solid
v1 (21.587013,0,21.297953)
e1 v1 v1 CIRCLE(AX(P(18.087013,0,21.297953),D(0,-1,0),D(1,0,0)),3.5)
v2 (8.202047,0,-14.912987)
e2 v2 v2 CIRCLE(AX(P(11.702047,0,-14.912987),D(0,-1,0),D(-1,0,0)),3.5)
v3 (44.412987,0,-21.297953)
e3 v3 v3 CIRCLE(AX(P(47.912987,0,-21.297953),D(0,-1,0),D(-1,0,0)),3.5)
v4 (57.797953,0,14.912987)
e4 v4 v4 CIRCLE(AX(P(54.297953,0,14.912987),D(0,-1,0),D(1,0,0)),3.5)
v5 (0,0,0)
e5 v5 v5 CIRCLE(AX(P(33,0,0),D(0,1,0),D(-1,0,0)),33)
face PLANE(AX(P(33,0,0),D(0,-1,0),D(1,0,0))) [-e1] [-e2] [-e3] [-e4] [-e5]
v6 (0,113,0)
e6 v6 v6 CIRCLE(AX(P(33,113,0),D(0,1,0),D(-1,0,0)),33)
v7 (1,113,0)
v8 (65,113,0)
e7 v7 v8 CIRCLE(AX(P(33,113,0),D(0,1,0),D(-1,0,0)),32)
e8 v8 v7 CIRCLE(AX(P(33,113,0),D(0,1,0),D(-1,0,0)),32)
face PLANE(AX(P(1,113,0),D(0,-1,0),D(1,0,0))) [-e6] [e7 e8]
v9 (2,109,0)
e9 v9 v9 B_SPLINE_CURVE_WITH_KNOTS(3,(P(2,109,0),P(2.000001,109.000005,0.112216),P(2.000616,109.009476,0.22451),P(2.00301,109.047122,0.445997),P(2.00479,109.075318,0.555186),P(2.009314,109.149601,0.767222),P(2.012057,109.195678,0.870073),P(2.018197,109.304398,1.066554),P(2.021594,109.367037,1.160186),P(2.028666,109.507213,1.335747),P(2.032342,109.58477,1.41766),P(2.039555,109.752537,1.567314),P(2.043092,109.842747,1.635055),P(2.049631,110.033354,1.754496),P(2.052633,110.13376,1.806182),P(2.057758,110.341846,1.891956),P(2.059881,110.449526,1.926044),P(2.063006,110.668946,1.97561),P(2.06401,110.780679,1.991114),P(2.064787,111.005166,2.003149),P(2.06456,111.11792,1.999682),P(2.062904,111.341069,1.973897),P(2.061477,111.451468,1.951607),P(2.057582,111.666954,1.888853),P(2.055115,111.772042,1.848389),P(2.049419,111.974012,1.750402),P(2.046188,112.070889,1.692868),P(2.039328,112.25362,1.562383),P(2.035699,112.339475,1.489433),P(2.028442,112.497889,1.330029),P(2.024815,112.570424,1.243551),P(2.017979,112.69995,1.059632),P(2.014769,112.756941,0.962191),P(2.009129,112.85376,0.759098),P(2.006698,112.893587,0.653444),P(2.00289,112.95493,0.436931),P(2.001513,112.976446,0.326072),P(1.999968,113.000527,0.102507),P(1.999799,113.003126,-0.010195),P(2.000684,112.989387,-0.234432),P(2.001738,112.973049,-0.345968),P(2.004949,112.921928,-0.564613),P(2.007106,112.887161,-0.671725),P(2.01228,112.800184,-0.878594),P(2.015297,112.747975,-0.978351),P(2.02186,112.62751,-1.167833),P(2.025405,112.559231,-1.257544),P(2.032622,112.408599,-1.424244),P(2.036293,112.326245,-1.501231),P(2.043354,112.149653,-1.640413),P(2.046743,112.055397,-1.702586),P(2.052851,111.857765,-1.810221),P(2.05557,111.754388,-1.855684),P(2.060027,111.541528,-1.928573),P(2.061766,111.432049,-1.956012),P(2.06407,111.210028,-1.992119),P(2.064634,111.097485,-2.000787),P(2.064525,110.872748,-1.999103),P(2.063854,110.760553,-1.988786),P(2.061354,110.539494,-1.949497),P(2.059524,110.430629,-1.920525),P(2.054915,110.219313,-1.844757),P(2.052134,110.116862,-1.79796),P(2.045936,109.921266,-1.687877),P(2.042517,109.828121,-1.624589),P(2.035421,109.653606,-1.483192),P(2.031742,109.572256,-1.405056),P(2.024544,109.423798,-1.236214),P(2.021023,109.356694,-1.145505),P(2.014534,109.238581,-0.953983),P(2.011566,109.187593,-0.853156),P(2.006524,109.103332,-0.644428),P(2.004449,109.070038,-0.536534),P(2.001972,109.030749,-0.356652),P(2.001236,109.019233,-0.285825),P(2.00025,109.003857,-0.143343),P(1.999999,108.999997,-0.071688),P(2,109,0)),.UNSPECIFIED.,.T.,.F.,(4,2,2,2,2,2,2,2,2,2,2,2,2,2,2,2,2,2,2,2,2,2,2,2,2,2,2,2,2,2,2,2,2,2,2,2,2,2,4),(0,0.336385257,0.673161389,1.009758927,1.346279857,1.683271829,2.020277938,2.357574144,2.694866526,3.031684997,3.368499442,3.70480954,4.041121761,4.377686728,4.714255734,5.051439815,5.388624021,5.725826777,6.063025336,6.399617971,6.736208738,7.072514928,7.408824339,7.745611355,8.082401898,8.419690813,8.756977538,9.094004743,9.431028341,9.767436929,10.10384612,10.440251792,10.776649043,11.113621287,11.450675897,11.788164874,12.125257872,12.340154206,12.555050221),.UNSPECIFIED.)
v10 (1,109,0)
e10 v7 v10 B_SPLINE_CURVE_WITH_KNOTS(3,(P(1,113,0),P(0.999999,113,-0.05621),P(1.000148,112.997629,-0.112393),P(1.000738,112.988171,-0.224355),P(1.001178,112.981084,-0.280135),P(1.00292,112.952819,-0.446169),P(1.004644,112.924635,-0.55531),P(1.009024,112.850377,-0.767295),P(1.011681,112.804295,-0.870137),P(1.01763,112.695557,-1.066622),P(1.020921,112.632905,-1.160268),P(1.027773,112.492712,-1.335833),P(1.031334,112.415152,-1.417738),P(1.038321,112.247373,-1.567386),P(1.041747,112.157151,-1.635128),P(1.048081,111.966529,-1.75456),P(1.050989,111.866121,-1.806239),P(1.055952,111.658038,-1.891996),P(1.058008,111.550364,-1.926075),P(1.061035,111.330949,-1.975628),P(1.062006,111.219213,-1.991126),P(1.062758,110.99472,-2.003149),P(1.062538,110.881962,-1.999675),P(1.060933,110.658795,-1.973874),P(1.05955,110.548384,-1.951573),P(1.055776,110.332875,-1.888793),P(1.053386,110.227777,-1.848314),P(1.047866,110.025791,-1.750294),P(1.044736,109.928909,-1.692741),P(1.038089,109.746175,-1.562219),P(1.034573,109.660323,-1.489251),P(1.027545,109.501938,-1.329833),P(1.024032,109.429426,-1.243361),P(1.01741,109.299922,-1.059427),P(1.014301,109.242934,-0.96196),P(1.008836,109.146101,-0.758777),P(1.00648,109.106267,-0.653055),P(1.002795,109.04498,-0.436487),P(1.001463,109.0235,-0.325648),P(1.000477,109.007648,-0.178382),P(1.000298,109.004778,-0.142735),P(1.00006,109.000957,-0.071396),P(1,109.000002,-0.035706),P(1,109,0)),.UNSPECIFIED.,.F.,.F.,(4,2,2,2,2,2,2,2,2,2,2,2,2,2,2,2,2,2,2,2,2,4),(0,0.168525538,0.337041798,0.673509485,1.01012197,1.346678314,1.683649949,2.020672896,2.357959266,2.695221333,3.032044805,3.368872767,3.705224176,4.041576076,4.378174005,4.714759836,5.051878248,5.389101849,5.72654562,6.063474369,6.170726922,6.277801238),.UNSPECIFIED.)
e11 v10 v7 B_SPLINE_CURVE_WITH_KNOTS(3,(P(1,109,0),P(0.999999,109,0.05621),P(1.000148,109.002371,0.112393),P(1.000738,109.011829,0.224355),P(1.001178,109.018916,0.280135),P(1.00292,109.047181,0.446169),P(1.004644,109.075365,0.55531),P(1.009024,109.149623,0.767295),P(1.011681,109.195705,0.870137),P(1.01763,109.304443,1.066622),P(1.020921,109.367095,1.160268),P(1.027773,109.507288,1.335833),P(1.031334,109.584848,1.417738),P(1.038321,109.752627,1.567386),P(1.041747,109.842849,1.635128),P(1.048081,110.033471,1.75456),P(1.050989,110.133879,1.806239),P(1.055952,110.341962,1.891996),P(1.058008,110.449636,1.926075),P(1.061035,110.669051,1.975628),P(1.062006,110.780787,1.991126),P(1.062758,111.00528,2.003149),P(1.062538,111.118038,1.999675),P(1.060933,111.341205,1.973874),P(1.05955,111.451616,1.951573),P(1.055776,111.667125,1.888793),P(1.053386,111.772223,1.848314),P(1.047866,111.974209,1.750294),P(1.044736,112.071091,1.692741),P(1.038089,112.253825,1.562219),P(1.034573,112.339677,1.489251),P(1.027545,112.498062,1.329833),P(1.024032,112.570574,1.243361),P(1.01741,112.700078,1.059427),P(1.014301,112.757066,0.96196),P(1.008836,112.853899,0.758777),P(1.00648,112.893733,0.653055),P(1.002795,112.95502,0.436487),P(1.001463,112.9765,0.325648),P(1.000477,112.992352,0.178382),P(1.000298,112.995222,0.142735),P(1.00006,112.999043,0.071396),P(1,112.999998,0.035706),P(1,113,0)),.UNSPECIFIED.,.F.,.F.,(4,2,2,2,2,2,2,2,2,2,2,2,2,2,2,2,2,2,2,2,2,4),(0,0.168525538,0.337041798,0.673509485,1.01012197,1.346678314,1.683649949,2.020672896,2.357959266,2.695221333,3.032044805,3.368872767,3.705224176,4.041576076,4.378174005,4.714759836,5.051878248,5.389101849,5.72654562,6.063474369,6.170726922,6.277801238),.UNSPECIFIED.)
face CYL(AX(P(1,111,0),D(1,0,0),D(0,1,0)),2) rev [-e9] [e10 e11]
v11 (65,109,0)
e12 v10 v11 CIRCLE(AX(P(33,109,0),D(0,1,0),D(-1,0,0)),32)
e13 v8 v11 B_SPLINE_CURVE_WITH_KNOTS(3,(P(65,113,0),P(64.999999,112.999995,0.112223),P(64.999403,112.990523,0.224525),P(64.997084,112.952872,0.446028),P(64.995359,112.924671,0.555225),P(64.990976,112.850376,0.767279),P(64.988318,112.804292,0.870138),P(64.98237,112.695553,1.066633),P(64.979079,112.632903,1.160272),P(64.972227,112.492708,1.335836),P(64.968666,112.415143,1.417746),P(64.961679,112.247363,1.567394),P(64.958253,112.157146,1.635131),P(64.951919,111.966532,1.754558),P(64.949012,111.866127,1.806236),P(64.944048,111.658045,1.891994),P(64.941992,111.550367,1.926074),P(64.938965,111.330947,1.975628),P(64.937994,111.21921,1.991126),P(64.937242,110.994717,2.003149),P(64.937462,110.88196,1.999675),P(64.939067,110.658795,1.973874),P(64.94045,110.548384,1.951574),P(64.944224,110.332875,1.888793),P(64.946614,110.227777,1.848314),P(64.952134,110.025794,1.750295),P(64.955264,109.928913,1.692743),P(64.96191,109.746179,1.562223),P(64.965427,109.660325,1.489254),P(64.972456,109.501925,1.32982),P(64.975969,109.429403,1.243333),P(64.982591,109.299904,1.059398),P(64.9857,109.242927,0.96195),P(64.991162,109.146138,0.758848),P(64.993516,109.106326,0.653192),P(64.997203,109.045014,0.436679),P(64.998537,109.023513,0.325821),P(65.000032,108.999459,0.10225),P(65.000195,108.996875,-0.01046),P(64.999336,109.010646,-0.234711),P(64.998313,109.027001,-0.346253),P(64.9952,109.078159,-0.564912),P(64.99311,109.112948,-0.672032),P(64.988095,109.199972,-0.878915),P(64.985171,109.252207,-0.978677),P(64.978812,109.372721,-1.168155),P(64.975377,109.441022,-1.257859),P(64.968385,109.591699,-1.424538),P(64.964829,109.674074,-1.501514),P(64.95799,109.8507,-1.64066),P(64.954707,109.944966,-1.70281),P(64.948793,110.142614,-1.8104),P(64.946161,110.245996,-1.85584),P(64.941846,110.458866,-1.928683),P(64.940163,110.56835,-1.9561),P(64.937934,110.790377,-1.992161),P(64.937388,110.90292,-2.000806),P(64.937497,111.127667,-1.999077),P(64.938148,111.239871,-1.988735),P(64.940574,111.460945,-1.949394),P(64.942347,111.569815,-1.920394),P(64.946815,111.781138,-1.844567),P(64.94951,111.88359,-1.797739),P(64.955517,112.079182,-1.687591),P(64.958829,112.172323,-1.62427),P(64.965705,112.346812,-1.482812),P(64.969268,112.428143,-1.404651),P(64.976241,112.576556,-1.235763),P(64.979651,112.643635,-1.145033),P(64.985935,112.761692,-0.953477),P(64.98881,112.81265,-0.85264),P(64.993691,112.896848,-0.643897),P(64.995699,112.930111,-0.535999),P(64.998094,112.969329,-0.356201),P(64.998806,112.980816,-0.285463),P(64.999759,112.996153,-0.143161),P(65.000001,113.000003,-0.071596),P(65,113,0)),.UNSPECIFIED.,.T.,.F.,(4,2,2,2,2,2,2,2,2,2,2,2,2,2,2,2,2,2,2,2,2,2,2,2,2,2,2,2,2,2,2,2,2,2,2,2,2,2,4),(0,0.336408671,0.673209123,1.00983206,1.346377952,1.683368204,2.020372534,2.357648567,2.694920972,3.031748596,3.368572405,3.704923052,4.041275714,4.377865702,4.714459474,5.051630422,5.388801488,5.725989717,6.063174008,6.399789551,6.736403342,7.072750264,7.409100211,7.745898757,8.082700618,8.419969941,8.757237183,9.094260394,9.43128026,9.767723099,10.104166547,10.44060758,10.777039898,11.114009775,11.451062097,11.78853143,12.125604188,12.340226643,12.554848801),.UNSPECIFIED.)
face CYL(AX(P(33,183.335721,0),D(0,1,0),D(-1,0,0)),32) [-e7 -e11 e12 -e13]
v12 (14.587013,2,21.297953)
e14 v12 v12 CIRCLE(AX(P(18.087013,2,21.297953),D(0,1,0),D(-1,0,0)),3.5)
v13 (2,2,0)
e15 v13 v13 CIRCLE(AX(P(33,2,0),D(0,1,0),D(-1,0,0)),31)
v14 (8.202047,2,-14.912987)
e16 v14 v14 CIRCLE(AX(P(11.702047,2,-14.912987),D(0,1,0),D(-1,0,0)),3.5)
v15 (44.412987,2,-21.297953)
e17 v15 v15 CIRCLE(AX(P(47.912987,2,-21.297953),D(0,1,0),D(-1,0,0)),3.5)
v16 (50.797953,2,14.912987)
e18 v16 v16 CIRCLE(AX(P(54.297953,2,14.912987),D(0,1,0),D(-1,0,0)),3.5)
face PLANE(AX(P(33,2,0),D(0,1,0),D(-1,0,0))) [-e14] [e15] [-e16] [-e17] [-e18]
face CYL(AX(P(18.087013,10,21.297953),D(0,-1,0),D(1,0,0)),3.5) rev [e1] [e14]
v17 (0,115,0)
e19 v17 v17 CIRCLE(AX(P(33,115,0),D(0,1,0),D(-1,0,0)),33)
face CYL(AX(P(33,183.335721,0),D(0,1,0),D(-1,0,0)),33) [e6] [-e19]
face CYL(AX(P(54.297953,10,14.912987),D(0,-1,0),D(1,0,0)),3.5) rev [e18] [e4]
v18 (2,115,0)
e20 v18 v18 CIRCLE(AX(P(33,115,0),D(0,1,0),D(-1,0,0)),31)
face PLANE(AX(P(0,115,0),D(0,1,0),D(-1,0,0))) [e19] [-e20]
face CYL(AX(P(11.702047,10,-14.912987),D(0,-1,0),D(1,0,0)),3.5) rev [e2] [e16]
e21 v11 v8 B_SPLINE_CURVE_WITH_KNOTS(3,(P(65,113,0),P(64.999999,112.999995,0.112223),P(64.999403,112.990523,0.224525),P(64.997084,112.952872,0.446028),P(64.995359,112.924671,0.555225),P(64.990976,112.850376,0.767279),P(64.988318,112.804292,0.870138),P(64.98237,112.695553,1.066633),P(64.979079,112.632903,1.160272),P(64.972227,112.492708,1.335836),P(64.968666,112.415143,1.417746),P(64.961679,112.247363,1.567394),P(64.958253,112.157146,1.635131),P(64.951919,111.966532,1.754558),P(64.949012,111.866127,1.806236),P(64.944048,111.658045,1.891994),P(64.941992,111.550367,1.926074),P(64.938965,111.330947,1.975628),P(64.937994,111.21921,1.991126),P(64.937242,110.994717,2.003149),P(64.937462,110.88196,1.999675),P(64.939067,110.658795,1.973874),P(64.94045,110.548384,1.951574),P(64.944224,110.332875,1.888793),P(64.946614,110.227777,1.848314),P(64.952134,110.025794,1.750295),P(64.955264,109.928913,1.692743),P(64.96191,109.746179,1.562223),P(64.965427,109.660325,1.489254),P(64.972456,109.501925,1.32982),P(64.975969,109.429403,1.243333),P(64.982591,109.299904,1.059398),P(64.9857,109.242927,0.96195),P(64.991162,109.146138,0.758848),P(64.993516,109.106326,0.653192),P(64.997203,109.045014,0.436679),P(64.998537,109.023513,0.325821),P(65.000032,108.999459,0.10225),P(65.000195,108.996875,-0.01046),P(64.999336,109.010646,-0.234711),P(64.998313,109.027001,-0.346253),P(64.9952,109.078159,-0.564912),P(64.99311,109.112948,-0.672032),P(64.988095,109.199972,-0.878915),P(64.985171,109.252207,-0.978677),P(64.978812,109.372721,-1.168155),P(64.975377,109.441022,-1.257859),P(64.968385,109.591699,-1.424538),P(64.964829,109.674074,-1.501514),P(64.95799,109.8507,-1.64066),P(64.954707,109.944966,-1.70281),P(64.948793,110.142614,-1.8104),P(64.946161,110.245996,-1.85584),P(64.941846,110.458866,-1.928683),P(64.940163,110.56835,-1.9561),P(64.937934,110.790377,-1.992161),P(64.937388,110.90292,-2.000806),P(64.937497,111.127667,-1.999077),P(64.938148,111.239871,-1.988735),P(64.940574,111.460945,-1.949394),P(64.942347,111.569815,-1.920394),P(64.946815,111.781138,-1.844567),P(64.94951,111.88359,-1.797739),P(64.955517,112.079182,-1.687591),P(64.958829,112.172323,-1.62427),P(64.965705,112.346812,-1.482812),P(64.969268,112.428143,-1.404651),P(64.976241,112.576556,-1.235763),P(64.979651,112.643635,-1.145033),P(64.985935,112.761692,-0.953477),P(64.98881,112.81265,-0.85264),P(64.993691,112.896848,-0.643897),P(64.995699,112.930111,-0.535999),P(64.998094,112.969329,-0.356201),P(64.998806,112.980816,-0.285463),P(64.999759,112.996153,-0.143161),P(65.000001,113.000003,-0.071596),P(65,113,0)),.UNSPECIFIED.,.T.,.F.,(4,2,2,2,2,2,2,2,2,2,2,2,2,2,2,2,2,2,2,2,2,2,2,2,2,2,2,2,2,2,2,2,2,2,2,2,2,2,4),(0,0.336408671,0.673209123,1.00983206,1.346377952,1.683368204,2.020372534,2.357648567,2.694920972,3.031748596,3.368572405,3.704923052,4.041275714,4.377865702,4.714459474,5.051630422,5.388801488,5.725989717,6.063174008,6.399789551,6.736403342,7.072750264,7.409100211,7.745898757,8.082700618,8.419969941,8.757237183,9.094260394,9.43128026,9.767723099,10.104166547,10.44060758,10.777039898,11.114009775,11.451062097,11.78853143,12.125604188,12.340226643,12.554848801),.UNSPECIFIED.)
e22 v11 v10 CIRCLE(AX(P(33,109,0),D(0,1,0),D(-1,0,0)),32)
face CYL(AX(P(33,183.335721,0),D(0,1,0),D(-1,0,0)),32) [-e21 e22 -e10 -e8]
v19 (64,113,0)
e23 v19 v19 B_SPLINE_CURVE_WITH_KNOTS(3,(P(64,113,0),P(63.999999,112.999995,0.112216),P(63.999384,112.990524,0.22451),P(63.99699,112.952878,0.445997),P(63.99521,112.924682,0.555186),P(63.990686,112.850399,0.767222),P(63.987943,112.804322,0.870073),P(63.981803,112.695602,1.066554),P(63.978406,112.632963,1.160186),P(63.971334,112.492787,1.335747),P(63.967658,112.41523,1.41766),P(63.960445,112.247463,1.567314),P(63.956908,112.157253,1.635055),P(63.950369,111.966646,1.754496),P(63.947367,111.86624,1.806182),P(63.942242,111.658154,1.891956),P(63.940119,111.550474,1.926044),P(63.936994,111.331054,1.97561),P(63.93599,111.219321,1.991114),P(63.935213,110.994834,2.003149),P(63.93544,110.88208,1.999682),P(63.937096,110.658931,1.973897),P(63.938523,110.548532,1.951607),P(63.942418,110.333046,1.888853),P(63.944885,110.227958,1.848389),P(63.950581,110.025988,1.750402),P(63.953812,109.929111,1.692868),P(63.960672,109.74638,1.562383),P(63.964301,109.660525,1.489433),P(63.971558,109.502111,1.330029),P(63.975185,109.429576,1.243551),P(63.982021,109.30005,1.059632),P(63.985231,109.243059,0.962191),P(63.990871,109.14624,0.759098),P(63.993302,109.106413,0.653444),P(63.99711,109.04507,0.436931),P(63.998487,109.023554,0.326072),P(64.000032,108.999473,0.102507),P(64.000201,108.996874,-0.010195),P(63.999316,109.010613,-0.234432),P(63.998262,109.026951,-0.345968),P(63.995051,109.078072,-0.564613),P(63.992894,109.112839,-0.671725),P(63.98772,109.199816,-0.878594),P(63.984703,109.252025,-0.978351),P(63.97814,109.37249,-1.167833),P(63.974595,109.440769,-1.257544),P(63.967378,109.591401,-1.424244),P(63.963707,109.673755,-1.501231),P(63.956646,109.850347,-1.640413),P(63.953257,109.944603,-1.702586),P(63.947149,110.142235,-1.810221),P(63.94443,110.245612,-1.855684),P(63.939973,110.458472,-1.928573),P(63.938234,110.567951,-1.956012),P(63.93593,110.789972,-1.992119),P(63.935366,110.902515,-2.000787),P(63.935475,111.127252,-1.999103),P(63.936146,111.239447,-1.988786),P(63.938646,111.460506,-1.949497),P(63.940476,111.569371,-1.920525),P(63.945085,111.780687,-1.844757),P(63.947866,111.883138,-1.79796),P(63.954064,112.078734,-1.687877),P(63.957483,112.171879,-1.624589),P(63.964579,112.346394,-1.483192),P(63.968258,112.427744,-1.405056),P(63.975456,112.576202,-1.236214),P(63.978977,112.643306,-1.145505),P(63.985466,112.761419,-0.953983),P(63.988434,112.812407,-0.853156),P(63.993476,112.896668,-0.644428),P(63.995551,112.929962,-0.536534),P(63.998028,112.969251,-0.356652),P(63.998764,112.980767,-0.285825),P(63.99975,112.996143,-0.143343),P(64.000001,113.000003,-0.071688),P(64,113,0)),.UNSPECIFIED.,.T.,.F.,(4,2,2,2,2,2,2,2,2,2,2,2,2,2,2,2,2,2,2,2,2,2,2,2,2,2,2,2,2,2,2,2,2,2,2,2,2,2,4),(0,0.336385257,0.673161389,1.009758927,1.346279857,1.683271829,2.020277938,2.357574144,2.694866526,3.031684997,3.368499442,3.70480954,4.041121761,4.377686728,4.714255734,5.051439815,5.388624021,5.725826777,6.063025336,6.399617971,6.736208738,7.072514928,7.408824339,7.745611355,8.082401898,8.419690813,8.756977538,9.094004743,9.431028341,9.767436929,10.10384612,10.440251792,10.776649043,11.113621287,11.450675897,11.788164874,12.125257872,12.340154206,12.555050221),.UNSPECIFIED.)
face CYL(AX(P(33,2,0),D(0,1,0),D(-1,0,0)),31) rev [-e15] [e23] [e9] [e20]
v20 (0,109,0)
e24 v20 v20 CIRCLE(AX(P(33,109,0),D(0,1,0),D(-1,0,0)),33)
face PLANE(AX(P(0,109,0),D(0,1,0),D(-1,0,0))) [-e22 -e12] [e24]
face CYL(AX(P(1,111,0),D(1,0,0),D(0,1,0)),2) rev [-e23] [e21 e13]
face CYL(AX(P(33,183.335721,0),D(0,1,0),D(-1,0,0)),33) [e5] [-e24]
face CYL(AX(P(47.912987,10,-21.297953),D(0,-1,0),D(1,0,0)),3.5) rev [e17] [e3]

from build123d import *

# Parameters (mm, degrees)
ESQUISSE3_R             = 31
ENL_V_MAT_EXTRU_2_DEPTH = 113
ESQUISSE4_R             = 2
ENL_V_MAT_EXTRU_3_DEPTH = 64
ESQUISSE6_R             = 3.5
ENL_V_MAT_EXTRU_5_DEPTH = 10


with BuildPart() as part:
    # Esquisse1 → Révolution1 (revolve)
    with BuildSketch(Plane.XY):
        Polygon((0, 0), (0, 109), (1, 109), (1, 113), (0, 113), (0, 115), (33, 115), (33, 0), align=None)
    revolve(axis=Axis((33, 183.335721317, 0), (0, -1, 0)))

    # Esquisse3 → Enlèv. mat.-Extru.2 (cut)
    with BuildSketch(Plane(origin=(0, 115, 0), x_dir=(1, 0, 0), z_dir=(0, 1, 0))):
        with Locations(Location((33, 0, 0), (0, 0, 180))):
            Circle(ESQUISSE3_R)
    extrude(amount=-ENL_V_MAT_EXTRU_2_DEPTH, mode=Mode.SUBTRACT)

    # Esquisse4 → Enlèv. mat.-Extru.3 (cut)
    with BuildSketch(Plane(origin=(65, 0, 0), x_dir=(0, 0, -1), z_dir=(1, 0, 0))):
        with Locations(Location((0, 111, 0), (0, 0, 90))):
            Circle(ESQUISSE4_R)
    extrude(amount=-ENL_V_MAT_EXTRU_3_DEPTH, mode=Mode.SUBTRACT)

    # Esquisse6 → Enlèv. mat.-Extru.5 (cut)
    with BuildSketch(Plane.XZ):
        with Locations((54.297953152, 14.912987345)):
            Circle(ESQUISSE6_R)
        with Locations((18.087012655, 21.297953152)):
            Circle(ESQUISSE6_R)
        with Locations(Location((11.702046848, -14.912987345, 0), (0, 0, 180))):
            Circle(ESQUISSE6_R)
        with Locations(Location((47.912987345, -21.297953152, 0), (0, 0, 180))):
            Circle(ESQUISSE6_R)
    extrude(amount=-ENL_V_MAT_EXTRU_5_DEPTH, mode=Mode.SUBTRACT)


solid = part.part
